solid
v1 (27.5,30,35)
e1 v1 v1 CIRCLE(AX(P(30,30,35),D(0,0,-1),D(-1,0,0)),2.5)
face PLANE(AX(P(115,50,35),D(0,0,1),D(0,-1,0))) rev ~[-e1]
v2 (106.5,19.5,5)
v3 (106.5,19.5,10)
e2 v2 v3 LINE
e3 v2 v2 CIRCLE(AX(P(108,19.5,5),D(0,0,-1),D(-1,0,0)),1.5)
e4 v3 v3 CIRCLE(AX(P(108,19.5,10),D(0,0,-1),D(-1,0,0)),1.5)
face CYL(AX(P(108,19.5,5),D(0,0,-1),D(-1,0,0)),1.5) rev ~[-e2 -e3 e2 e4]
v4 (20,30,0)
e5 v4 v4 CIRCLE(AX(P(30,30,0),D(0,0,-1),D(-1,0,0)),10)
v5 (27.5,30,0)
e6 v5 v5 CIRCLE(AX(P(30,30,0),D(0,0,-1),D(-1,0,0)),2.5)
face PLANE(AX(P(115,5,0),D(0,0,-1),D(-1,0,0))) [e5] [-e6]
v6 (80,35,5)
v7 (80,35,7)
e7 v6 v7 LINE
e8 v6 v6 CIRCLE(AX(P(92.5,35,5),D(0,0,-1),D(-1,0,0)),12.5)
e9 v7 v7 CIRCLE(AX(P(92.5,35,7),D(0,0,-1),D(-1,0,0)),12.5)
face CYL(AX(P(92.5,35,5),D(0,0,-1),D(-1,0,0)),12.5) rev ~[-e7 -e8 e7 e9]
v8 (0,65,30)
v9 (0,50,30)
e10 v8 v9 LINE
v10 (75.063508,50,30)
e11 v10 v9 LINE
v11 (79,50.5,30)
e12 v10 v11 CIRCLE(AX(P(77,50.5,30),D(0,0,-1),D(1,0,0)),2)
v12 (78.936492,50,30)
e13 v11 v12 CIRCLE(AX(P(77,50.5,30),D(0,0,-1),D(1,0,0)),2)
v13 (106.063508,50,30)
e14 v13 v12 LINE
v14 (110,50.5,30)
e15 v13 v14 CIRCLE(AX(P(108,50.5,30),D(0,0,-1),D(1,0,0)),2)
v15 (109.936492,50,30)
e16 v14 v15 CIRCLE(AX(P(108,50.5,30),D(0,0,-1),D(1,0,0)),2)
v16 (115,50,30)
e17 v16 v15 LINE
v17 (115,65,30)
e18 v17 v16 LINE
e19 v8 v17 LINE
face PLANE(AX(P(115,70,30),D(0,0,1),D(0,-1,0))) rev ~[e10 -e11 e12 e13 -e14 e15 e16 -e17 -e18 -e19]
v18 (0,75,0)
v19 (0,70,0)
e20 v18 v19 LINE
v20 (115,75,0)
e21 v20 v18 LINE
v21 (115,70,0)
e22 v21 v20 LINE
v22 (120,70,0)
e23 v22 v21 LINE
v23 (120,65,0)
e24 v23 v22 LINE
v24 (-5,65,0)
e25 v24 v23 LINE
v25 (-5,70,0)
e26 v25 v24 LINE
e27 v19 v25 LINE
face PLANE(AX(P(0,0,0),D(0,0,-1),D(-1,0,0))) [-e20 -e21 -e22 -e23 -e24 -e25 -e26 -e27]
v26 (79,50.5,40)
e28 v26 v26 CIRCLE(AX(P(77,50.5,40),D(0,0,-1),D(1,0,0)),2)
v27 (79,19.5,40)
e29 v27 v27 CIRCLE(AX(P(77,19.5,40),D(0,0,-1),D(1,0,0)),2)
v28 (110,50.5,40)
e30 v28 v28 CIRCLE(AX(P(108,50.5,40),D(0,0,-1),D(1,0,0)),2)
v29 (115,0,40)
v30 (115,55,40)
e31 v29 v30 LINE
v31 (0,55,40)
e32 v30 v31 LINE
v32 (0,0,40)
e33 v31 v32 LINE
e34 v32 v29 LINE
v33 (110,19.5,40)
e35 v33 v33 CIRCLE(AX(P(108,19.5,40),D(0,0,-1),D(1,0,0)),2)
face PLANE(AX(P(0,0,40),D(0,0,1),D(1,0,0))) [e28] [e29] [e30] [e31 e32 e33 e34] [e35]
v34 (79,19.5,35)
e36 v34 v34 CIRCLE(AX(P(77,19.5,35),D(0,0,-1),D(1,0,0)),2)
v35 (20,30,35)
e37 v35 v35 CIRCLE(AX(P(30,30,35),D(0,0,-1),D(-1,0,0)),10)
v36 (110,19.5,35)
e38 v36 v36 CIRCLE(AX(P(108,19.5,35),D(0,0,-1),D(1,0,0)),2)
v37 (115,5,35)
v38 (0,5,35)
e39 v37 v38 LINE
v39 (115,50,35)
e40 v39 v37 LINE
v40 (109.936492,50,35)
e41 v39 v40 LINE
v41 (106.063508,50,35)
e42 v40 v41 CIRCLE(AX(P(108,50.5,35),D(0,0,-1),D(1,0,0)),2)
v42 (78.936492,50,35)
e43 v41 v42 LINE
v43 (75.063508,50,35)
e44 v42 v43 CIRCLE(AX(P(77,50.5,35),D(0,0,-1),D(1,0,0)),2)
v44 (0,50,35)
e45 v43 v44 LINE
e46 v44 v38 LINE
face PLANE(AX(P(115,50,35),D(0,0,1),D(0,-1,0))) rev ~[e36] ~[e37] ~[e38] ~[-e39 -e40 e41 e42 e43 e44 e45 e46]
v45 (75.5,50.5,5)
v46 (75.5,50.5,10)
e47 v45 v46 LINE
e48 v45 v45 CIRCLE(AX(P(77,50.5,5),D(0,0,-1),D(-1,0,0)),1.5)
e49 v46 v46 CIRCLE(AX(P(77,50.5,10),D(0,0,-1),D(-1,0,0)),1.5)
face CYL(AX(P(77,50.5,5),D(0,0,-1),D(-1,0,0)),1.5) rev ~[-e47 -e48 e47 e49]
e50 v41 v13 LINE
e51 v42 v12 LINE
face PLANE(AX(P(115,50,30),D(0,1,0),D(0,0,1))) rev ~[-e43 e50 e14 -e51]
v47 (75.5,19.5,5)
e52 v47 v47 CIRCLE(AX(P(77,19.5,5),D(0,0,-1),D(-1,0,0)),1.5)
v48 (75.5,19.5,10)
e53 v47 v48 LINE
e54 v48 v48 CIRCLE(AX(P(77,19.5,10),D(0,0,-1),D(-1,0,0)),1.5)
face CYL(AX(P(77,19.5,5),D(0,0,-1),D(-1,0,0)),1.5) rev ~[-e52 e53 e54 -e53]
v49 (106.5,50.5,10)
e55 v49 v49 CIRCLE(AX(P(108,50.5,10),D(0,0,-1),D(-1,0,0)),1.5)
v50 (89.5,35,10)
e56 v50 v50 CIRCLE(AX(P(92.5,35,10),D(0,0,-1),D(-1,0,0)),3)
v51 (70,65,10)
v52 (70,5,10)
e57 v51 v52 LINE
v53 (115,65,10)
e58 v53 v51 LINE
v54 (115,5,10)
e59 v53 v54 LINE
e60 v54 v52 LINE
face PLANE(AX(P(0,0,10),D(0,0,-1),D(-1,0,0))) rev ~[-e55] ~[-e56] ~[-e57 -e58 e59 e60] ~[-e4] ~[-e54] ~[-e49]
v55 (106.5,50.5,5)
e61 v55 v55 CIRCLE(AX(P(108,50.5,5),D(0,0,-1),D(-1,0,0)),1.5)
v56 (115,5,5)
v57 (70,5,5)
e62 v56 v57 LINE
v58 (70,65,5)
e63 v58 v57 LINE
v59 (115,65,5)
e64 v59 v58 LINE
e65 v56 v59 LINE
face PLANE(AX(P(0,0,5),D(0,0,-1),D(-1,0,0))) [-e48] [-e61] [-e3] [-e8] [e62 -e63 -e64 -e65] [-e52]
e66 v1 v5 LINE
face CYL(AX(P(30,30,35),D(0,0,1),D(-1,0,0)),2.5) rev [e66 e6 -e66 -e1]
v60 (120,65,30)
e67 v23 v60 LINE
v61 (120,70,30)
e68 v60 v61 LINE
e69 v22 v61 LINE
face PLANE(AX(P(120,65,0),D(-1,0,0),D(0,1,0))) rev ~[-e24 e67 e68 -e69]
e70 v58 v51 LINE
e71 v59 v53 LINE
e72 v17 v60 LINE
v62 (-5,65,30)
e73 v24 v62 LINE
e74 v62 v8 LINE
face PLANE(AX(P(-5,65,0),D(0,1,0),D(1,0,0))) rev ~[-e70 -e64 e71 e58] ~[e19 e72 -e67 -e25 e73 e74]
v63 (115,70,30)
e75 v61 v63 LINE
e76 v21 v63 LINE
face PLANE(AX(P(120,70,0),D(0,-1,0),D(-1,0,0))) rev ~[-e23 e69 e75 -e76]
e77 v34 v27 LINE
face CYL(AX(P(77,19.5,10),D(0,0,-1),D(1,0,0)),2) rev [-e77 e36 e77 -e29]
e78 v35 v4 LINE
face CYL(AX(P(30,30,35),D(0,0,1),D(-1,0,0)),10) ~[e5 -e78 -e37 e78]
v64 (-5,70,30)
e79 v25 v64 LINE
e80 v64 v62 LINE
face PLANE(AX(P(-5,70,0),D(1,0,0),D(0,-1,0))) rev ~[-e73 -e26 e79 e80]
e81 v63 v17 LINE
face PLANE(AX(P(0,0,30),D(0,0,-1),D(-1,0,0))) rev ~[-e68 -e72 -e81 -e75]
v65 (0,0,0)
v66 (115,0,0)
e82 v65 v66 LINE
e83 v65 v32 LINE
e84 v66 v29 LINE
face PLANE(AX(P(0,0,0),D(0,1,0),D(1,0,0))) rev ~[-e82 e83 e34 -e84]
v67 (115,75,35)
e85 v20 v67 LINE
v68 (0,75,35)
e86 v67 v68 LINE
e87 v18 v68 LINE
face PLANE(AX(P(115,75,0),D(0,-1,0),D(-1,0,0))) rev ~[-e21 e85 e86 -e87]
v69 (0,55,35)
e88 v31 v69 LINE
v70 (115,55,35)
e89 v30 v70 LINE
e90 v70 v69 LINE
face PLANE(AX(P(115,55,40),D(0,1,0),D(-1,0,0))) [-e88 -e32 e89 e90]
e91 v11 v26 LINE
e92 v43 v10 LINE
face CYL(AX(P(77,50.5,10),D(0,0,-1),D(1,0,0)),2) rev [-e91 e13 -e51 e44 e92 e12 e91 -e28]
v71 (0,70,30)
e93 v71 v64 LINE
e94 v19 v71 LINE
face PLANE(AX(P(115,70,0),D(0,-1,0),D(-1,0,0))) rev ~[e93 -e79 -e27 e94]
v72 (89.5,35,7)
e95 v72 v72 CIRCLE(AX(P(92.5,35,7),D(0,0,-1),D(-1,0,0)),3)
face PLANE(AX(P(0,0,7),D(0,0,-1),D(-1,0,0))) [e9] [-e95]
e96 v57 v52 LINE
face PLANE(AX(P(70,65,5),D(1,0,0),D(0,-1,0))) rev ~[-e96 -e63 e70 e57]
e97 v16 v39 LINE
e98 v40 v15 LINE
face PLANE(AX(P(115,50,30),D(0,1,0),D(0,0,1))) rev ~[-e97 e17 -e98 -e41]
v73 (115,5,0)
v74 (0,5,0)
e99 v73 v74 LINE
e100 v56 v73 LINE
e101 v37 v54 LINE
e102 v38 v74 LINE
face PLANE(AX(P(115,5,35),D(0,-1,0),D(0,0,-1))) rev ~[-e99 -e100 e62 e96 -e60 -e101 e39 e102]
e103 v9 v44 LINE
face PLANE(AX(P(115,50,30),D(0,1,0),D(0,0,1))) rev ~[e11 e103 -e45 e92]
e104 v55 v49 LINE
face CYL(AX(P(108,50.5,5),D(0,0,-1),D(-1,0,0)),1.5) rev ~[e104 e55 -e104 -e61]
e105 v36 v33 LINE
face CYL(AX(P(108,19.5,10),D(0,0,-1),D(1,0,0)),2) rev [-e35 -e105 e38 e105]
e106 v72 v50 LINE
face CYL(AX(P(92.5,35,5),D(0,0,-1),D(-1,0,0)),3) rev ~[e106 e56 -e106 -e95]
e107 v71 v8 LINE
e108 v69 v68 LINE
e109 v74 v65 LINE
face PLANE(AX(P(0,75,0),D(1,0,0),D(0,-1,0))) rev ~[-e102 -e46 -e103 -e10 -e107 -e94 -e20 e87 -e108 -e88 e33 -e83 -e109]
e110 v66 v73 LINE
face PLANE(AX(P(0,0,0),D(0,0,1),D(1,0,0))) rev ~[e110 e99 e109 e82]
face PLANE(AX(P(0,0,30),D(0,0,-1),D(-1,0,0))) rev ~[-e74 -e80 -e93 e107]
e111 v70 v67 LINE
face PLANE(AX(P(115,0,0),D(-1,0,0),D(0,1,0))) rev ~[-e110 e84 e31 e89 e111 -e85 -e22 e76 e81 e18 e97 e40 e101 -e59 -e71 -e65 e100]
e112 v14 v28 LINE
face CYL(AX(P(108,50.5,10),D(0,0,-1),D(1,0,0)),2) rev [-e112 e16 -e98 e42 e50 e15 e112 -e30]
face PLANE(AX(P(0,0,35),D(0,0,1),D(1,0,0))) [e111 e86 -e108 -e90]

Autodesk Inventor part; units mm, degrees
ref_plane "YZ Plane" through (0, 0, 0) normal (1, 0, 0) x (0, 1, 0)
ref_plane "XZ Plane" through (0, 0, 0) normal (0, 1, 0) x (-1, 0, 0)
sketch "Sketch1" plane through (0, 0, 0) normal (0, 0, 1) x (1, 0, 0)
  line L0 (0, 0) -> (115, 0)
  line L1 (115, 0) -> (115, 75)
  line L2 (115, 75) -> (0, 75)
  line L3 (0, 75) -> (0, 0)
  dimension "d0" = 115
  dimension "d1" = 75
extrude "Extrusion1" add sketch "Sketch1" along normal blind 40
sketch "Sketch2" plane through (0, 0, 40) normal (0, 0, 1) x (1, 0, 0)
  line L0 (115, 75) -> (0, 75) projected
  line L1 (115, 0) -> (115, 75) projected
  line L2 (0, 75) -> (115, 75)
  line L3 (115, 75) -> (115, 55)
  line L4 (115, 55) -> (0, 55)
  line L5 (0, 55) -> (0, 75)
  point P0 (0, 0)
  dimension "d4" = 20
extrude "Extrusion2" cut sketch "Sketch2" against normal blind 5
sketch "Sketch3" plane through (115, 0, 0) normal (1, 0, 0) x (0, 0, -1)
  line L0 (0, 75) -> (-35, 75) projected
  line L1 (-35, 75) -> (-35, 55) projected
  line L2 (-35, 55) -> (-40, 55) projected
  line L3 (-40, 0) -> (-40, 55) projected
  line L4 (0, 0) -> (-40, 0) projected
  line L5 (0, 70) -> (-30, 70)
  line L6 (-30, 70) -> (-30, 50)
  line L7 (-30, 50) -> (-35, 50)
  line L8 (-35, 50) -> (-35, 5)
  line L9 (-35, 5) -> (0, 5)
  line L10 (0, 5) -> (0, 70)
  line L11 (0, 0) -> (0, 75) projected
  dimension "d7" = 5
extrude "Extrusion3" cut sketch "Sketch3" against normal through all contours L10 L9 L8 L7 L6 L5
sketch "Sketch11" plane through (0, 0, 0) normal (0, 0, -1) x (-1, 0, 0)
  line L0 (-120, 70) -> (5, 70)
  line L1 (5, 70) -> (5, 65)
  line L2 (5, 65) -> (-120, 65)
  line L3 (-120, 65) -> (-120, 70)
  line L4 (-115, 70) -> (-115, 75) projected
  point P0 (0, 0)
  point P1 (0, 70)
  dimension "d42" = 5
  dimension "d43" = 5
  dimension "d44" = 5
extrude "Extrusion11" add sketch "Sketch11" against normal blind 30
ref_plane "Work Plane2" through (0, 0, 5) normal (0, 0, -1) x (-1, 0, 0)
sketch "Sketch12" plane through (0, 0, 5) normal (0, 0, -1) x (-1, 0, 0)
  line L0 (-115, 50) -> (-115, 65)
  line L1 (-115, 5) -> (0, 5)
  line L2 (-115, 65) -> (-70, 65)
  line L3 (-70, 65) -> (-70, 5)
  line L4 (-70, 5) -> (-115, 5)
  line L5 (-115, 5) -> (-115, 65)
  line L6 (-108, 50.5) -> (-77, 50.5) construction
  line L7 (-77, 50.5) -> (-77, 19.5) construction
  line L8 (-77, 19.5) -> (-108, 19.5) construction
  line L9 (-108, 19.5) -> (-108, 50.5) construction
  circle A0 centre (-77, 50.5) radius 1.5
  circle A1 centre (-108, 50.5) radius 1.5
  circle A2 centre (-77, 19.5) radius 1.5
  circle A3 centre (-108, 19.5) radius 1.5
  circle A4 centre (-92.5, 35) radius 3
  point P0 (0, 0)
  point P1 (-5, 5)
  point P2 (-92.5, 50.5)
  point P3 (-92.5, 65)
  point P4 (-108, 35)
  point P5 (-115, 35)
  dimension "d47" = 45
  dimension "d48" = 31
  dimension "d49" = 31
  dimension "d50" = 3
  dimension "d51" = 3
  dimension "d52" = 3
  dimension "d53" = 3
  dimension "d54" = 6
extrude "Extrusion12" add sketch "Sketch12" against normal blind 5
sketch "Sketch13" plane through (0, 0, 5) normal (0, 0, -1) x (-1, 0, 0)
  circle A0 centre (-92.5, 35) radius 3
  circle A1 centre (-92.5, 35) radius 12.5
  point P0 (0, 0)
  dimension "d57" = 25
extrude "Extrusion13" cut sketch "Sketch13" against normal blind 2
sketch "Sketch15" plane through (0, 0, 10) normal (0, 0, 1) x (1, 0, 0)
  circle A0 centre (108, 50.5) radius 1.5 projected
  circle A1 centre (108, 19.5) radius 1.5 projected
  circle A2 centre (77, 50.5) radius 1.5 projected
  circle A3 centre (77, 19.5) radius 1.5 projected
  circle A4 centre (77, 50.5) radius 2
  circle A5 centre (108, 50.5) radius 2
  circle A6 centre (108, 19.5) radius 2
  circle A7 centre (77, 19.5) radius 2
  point P0 (0, 0)
  dimension "d60" = 4
  dimension "d61" = 4
  dimension "d62" = 4
  dimension "d63" = 4
extrude "Extrusion14" cut sketch "Sketch15" along normal through all contours A0 | A1 | A2 | A3 | A4 | A5 | A6 | A7
sketch "Sketch16" plane through (115, 5, 35) normal (0, 0, -1) x (-1, 0, 0)
  circle A0 centre (85, 25) radius 10
  circle A1 centre (85, 25) radius 2.5
  line L0 (115, 45) -> (115, 0) projected
  line L1 (115, -5) -> (0, -5) projected
  dimension "d66" = 20
  dimension "d67" = 5
  dimension "d68" = 30
  dimension "d69" = 30
extrude "Extrusion15" add sketch "Sketch16" along normal blind 35
properties part number "FA003" material "ABS Plastic"
